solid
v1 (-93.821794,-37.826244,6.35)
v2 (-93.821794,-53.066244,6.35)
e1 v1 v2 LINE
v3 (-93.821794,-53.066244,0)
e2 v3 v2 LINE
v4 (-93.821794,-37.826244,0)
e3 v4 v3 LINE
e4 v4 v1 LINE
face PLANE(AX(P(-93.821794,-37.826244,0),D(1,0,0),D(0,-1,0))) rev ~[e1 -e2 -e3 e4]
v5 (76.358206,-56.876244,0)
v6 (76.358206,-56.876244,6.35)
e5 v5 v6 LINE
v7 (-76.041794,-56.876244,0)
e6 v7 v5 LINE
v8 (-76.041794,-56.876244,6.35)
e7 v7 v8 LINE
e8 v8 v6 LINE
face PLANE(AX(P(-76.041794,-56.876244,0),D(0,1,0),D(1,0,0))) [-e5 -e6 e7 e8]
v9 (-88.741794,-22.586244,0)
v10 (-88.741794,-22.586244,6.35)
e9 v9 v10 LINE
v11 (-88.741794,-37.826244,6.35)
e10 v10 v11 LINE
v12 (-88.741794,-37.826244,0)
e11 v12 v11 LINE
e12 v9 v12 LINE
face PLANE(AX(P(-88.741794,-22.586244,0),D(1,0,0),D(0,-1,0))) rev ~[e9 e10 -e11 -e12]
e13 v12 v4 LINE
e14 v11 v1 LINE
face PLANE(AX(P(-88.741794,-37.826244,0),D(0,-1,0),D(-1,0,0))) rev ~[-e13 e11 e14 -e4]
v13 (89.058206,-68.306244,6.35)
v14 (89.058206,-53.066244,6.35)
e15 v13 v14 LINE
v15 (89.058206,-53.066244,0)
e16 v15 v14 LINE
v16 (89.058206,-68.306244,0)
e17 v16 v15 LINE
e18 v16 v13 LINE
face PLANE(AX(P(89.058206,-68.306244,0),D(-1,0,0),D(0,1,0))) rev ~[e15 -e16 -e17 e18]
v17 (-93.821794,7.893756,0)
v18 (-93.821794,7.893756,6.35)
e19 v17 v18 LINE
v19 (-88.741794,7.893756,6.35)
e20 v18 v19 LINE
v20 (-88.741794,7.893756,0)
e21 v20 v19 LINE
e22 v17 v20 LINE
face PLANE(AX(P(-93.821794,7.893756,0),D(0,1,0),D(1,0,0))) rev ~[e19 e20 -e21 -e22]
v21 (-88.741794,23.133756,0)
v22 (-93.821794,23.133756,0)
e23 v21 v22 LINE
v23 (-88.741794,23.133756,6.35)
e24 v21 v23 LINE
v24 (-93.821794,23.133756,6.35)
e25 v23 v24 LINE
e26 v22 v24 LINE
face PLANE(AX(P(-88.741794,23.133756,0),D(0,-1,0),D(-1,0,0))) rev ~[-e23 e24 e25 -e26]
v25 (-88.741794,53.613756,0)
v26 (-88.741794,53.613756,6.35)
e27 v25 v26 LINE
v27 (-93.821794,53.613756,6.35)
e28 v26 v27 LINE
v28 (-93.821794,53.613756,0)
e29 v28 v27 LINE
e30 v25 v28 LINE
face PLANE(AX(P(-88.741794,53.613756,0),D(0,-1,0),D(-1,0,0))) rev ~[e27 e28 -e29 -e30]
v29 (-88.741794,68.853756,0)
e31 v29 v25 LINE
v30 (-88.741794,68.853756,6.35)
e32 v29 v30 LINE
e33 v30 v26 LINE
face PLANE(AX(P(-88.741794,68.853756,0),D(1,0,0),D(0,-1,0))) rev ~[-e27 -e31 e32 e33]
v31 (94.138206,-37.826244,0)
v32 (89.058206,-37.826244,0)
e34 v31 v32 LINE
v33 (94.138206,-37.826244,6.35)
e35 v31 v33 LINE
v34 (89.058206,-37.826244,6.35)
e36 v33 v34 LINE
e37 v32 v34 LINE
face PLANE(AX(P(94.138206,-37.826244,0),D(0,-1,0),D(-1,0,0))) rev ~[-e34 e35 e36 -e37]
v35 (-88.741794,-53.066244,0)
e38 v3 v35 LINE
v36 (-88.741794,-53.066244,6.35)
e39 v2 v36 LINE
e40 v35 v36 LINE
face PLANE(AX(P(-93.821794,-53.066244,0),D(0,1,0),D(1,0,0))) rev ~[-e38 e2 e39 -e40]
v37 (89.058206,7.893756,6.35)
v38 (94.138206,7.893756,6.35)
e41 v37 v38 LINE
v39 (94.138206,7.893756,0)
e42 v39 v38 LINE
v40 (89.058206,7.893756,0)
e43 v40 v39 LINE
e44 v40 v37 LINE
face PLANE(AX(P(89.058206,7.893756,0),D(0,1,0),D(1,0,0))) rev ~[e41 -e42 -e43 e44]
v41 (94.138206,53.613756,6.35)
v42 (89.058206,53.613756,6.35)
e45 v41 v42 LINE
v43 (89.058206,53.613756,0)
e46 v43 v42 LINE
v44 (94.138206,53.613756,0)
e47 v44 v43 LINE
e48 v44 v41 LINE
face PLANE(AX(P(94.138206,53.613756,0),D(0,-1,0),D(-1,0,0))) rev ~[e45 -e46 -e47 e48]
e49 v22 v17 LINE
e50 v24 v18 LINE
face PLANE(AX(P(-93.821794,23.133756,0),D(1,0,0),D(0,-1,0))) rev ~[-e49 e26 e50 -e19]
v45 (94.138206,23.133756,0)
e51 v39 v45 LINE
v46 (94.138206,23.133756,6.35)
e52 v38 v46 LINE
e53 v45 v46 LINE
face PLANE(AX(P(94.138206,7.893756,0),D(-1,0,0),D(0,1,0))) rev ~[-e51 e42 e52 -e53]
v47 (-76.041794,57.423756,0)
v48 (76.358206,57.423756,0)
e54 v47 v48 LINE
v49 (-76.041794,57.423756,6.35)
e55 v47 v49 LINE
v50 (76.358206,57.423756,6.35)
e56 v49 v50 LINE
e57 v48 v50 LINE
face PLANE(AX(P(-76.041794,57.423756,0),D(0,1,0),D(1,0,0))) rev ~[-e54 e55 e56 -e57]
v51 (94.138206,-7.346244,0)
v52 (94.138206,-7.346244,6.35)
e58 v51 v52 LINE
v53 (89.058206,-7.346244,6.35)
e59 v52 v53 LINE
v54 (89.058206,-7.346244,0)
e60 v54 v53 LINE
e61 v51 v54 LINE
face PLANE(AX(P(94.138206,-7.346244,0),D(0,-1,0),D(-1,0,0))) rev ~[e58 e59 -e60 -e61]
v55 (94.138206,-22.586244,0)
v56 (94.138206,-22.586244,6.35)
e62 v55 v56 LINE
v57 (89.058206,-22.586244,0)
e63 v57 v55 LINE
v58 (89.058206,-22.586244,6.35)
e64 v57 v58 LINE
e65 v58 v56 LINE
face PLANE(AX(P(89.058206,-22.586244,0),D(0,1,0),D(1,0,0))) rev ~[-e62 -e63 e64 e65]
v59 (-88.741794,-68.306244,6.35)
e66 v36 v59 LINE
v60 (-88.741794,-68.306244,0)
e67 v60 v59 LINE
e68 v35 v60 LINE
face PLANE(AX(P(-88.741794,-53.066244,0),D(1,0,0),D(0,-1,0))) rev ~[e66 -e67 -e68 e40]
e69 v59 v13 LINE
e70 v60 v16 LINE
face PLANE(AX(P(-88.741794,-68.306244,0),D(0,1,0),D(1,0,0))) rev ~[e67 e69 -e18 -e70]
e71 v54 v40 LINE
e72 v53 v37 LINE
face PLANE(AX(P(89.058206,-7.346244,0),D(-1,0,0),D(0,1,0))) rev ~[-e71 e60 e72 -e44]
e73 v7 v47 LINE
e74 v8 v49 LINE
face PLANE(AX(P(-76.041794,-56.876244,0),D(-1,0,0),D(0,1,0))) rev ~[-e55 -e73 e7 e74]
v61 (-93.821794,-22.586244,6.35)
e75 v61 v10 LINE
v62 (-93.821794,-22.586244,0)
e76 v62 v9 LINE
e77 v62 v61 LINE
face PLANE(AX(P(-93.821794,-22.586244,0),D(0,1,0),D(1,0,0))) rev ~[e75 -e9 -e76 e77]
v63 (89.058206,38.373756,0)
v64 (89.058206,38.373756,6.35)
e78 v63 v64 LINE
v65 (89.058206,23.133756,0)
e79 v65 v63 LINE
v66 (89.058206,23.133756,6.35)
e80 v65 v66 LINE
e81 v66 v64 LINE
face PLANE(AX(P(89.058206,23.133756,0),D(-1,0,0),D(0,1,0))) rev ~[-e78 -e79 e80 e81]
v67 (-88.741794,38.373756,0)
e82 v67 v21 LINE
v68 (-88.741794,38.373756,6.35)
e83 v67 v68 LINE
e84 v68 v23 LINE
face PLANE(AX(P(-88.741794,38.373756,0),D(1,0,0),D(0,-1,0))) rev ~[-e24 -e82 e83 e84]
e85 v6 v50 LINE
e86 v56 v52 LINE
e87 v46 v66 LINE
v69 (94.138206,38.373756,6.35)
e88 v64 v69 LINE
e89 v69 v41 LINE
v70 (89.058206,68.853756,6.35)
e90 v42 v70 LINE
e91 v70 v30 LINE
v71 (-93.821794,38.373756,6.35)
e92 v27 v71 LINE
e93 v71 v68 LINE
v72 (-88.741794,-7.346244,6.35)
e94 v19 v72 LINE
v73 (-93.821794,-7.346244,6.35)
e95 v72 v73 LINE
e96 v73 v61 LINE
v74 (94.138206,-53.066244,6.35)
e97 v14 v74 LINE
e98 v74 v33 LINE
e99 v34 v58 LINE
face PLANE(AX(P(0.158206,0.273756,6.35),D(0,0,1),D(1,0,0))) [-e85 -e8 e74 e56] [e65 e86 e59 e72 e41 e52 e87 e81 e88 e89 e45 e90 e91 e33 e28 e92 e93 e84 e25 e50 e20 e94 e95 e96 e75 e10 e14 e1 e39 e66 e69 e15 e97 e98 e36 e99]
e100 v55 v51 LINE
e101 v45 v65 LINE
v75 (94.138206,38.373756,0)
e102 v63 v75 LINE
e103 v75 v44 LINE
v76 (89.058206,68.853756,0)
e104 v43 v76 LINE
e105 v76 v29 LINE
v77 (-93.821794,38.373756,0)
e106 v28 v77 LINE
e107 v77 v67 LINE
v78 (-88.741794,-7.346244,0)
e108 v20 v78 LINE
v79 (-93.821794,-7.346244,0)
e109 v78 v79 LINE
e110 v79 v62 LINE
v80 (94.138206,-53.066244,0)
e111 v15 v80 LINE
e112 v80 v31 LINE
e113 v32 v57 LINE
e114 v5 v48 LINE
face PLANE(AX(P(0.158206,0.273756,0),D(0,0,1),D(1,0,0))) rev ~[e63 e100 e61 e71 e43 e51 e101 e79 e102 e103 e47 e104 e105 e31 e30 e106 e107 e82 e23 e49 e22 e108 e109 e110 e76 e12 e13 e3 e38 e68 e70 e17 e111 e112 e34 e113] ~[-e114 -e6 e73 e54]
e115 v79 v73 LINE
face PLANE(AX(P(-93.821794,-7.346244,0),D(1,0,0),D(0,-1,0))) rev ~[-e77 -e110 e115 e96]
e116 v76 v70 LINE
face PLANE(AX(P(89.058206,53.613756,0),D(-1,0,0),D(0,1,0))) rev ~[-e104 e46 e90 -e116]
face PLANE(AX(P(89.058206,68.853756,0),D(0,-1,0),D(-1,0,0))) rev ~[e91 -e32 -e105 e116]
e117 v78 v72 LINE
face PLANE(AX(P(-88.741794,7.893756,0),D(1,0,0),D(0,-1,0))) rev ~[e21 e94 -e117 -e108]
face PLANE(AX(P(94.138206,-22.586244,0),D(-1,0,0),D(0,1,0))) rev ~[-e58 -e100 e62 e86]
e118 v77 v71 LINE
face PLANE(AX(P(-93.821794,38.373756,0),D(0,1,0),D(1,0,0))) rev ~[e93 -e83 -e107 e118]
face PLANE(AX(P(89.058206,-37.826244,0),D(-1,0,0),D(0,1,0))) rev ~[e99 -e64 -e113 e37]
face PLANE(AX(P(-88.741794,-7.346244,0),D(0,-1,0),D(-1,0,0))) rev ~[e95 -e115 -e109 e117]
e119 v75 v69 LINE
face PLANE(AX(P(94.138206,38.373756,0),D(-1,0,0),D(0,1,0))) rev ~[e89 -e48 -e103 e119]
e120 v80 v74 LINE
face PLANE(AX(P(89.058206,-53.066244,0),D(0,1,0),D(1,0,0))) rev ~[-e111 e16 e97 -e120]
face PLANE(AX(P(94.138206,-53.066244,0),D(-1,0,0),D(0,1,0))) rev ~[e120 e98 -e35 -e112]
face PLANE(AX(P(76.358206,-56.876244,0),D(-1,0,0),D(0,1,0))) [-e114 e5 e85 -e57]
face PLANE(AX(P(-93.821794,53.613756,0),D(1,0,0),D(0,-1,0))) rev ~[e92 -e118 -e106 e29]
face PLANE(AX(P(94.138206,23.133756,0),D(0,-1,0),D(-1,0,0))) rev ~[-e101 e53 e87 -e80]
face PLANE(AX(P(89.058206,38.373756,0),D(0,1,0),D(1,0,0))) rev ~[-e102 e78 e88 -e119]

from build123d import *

# Parameters (mm, degrees)
F0_W     = 152.4
F0_H     = 114.3
F1_DEPTH = 6.35


with BuildPart() as f1:
    # F0 (on Top) → F1 (new body)
    with BuildSketch(Plane.XY):
        Polygon((89.058206, 53.613756), (89.058206, 68.853756), (-88.741794, 68.853756), (-88.741794, 53.613756), (-93.821794, 53.613756), (-93.821794, 38.373756), (-88.741794, 38.373756), (-88.741794, 23.133756), (-93.821794, 23.133756), (-93.821794, 7.893756), (-88.741794, 7.893756), (-88.741794, -7.346244), (-93.821794, -7.346244), (-93.821794, -22.586244), (-88.741794, -22.586244), (-88.741794, -37.826244), (-93.821794, -37.826244), (-93.821794, -53.066244), (-88.741794, -53.066244), (-88.741794, -68.306244), (89.058206, -68.306244), (89.058206, -53.066244), (94.138206, -53.066244), (94.138206, -37.826244), (89.058206, -37.826244), (89.058206, -22.586244), (94.138206, -22.586244), (94.138206, -7.346244), (89.058206, -7.346244), (89.058206, 7.893756), (94.138206, 7.893756), (94.138206, 23.133756), (89.058206, 23.133756), (89.058206, 38.373756), (94.138206, 38.373756), (94.138206, 53.613756), align=None)
        with Locations((0.158206, 0.273756)):
            Rectangle(F0_W, F0_H, mode=Mode.SUBTRACT)
    extrude(amount=F1_DEPTH)


solid = f1.part
